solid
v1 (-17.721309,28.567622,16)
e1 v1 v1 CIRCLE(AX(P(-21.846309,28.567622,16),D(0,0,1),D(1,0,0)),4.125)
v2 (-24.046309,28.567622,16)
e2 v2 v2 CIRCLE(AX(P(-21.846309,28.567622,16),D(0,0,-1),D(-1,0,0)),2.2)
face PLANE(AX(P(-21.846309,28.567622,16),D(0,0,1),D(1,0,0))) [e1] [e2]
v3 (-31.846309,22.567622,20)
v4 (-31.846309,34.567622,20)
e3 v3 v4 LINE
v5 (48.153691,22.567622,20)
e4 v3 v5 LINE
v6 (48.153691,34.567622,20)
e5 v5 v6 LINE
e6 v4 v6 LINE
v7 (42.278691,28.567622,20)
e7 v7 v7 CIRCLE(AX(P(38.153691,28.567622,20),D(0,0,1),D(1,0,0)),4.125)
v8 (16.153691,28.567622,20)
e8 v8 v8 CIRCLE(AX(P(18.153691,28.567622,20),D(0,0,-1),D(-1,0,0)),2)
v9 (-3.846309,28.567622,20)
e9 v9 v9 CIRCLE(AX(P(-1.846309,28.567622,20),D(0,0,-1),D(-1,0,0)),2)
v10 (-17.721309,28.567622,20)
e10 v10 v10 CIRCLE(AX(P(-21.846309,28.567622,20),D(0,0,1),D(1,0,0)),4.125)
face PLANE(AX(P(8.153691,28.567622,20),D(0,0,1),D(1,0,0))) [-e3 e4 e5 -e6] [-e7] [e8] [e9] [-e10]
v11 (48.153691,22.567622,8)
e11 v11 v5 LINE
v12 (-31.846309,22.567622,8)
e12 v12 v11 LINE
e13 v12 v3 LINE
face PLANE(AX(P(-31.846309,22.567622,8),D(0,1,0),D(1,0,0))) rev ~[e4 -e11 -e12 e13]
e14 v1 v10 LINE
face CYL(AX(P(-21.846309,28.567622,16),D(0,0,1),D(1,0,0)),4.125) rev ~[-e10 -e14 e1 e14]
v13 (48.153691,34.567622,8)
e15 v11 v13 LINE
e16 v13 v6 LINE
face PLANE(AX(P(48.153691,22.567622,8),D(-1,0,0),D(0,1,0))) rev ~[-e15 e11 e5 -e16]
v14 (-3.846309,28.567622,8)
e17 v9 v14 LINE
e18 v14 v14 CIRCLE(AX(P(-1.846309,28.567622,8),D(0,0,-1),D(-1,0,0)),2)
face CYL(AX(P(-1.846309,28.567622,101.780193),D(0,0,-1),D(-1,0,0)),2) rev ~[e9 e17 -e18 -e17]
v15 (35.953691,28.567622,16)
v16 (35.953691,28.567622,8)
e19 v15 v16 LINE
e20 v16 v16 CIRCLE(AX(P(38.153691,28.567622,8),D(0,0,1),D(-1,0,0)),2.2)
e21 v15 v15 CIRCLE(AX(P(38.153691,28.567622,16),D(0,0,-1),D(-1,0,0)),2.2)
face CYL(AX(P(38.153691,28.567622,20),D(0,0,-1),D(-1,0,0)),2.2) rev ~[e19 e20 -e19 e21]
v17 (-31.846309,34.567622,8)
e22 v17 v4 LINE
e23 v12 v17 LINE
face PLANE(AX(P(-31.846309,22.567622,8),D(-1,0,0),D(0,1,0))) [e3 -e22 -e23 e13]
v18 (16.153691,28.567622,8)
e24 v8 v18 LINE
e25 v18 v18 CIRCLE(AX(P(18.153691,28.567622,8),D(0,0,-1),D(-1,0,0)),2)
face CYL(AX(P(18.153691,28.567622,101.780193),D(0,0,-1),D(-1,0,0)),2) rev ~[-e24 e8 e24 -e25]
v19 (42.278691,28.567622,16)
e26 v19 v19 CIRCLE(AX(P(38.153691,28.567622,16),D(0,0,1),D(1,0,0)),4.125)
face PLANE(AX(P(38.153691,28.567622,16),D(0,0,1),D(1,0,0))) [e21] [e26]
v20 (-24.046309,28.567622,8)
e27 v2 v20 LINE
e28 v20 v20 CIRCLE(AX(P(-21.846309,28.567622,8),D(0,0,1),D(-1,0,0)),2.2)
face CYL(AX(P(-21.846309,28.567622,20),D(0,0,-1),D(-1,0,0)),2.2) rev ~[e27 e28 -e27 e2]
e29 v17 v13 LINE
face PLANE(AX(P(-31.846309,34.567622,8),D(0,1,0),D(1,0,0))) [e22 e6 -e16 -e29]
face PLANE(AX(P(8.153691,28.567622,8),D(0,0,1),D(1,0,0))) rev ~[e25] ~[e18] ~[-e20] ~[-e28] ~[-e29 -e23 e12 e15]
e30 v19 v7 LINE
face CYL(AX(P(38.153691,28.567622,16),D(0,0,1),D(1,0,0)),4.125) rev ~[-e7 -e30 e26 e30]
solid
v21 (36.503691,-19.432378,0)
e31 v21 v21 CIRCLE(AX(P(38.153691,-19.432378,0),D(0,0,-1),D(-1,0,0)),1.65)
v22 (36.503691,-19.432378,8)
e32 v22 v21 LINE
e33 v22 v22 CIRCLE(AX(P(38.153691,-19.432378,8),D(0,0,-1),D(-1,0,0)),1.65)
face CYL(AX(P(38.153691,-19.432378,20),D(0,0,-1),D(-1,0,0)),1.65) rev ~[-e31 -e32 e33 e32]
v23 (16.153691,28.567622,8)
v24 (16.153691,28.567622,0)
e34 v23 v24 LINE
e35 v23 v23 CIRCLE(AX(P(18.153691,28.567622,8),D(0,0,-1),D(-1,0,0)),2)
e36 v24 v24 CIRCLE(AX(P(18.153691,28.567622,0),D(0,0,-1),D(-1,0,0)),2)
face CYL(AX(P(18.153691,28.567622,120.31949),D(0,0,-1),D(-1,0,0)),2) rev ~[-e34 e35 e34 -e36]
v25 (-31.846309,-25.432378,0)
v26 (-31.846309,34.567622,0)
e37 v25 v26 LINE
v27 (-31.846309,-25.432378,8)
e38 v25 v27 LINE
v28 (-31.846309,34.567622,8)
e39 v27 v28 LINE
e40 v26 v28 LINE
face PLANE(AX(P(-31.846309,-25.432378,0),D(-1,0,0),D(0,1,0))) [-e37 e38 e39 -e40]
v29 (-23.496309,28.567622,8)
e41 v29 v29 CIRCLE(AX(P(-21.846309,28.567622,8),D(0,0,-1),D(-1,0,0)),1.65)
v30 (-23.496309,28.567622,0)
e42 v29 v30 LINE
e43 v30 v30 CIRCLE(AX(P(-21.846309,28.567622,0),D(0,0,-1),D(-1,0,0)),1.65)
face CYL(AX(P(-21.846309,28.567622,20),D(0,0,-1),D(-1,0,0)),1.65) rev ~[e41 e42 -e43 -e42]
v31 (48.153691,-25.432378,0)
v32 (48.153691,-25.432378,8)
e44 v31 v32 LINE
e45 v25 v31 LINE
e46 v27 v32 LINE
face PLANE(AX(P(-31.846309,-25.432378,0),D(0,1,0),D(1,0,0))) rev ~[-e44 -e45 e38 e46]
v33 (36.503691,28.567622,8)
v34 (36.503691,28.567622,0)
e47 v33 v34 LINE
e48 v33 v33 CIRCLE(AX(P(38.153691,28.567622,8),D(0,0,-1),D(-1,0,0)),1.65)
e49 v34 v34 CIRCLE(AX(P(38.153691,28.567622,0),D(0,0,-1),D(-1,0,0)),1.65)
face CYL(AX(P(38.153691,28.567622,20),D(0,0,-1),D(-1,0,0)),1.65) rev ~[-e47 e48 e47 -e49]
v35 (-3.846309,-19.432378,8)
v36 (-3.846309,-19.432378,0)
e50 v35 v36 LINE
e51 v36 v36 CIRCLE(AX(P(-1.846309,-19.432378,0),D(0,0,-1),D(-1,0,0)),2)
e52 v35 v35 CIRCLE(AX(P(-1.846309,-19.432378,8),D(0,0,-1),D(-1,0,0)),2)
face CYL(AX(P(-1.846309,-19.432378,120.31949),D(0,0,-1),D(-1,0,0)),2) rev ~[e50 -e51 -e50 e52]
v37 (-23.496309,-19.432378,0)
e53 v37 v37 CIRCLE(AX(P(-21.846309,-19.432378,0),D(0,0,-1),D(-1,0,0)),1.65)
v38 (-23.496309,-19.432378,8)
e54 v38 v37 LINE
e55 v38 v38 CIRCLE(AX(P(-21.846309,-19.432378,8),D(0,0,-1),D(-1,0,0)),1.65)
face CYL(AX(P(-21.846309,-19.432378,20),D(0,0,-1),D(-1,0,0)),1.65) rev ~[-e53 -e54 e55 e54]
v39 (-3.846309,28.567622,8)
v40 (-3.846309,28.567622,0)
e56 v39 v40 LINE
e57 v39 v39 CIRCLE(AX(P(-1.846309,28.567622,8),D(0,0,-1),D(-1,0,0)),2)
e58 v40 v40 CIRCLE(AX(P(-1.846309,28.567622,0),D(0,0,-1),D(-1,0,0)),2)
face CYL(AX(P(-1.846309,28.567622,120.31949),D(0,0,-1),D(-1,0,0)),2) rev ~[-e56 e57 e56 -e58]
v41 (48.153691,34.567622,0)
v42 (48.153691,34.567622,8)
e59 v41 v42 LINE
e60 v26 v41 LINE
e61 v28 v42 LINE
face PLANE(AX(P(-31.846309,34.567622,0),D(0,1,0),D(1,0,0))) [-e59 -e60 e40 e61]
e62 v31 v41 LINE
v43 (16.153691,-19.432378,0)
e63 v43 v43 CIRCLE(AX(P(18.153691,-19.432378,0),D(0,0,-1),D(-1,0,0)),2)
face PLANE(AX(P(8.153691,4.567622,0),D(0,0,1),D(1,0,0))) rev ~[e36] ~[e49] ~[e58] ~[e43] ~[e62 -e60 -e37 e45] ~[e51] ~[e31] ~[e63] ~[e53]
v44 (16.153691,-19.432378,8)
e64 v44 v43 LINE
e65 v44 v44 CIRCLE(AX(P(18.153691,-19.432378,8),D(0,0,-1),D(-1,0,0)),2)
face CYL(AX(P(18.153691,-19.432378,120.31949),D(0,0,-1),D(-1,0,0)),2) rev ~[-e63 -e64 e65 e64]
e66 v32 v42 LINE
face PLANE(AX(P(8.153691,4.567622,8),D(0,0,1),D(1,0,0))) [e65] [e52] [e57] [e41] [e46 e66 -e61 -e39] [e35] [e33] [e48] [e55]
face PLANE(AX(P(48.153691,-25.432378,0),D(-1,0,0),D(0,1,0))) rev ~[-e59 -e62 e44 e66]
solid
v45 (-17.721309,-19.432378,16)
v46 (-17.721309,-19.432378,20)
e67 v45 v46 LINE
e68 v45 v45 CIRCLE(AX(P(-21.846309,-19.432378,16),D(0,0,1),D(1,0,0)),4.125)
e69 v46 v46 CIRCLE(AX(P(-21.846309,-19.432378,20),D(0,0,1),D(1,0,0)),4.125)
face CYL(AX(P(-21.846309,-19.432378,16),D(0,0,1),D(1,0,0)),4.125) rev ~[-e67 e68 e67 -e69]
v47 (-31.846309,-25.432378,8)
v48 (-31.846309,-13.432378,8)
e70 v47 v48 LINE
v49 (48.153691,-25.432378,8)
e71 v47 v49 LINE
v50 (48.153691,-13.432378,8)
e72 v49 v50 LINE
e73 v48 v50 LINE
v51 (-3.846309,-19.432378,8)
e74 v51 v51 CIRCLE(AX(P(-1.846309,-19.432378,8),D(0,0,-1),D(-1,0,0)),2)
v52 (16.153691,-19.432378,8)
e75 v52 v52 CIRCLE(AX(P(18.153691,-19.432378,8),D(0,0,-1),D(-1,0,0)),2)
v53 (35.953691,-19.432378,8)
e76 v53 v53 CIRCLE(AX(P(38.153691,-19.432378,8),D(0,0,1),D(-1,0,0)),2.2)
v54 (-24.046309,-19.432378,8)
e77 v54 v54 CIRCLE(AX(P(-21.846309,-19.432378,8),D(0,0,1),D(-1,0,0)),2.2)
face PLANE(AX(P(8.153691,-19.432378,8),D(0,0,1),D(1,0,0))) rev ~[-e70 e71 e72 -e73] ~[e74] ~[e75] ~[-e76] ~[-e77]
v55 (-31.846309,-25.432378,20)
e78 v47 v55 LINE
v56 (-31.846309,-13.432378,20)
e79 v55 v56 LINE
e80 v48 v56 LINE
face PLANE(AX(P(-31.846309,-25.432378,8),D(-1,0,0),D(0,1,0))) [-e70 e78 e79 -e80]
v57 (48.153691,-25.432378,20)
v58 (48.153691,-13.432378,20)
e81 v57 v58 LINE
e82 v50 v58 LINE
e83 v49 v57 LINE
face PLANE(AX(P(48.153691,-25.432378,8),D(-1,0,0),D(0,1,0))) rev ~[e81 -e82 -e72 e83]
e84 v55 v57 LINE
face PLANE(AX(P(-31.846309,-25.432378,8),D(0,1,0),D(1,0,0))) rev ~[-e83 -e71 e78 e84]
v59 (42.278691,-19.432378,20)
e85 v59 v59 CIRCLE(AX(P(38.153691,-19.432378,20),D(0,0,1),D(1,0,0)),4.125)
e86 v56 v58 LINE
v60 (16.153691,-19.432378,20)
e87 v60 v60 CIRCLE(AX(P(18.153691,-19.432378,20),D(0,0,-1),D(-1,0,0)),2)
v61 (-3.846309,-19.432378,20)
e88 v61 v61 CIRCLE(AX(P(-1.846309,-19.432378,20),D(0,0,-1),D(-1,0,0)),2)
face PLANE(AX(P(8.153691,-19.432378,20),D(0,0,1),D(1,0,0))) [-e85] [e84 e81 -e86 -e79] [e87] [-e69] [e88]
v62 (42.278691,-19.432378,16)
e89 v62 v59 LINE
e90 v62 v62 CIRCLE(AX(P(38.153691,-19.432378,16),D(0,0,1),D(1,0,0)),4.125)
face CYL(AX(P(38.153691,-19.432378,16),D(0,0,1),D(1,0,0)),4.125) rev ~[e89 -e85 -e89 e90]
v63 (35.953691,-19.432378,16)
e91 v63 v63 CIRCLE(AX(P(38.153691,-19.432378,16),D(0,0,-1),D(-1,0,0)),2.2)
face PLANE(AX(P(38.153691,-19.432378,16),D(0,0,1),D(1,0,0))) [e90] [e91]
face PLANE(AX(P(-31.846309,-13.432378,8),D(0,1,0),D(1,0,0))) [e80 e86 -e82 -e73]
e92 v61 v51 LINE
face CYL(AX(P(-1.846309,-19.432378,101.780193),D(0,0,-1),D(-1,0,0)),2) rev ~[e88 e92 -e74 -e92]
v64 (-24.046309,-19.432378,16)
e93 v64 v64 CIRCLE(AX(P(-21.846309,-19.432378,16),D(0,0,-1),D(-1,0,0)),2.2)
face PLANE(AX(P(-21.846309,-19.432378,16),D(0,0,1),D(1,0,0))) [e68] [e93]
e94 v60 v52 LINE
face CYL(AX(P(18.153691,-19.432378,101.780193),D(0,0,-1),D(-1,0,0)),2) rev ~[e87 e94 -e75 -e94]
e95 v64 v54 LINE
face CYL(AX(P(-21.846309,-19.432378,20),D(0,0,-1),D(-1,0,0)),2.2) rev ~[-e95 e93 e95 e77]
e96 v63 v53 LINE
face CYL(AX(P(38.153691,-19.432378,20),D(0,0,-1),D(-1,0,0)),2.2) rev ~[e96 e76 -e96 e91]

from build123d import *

# Parameters (mm, degrees)
F0_W             = 80
F0_H             = 60
F1_DEPTH         = 8
F2_W             = 80
F2_H             = 12
F3_DEPTH         = 12
F5_D             = 4.4
F5_DEPTH         = 12
F5_CBORE_D       = 8.25
F5_CBORE_DEPTH   = 4
F5_TIP           = 1.3218933619
F5_2_D           = 4.4
F5_2_DEPTH       = 12
F5_2_CBORE_D     = 8.25
F5_2_CBORE_DEPTH = 4
F5_2_TIP         = 1.3218933619
F7_D             = 4
F7_2_D           = 4
F7_3_D           = 4
F8_D             = 3.3
F8_CBORE_D       = 8.25
F8_CBORE_DEPTH   = 4


with BuildPart() as f1:
    # F0 (on Top) → F1 (new body)
    with BuildSketch(Plane.XY):
        with Locations((8.1536909938, 4.5676219463)):
            Rectangle(F0_W, F0_H)
    extrude(amount=F1_DEPTH)

    # F7 (through all)
    with Locations(Plane.XY.offset(20)):
        with Locations((-1.8463090062, 28.5676219463), (18.1536909938, 28.5676219463), (18.1536909938, -19.4323780537), (-1.8463090062, -19.4323780537)):
            Hole(F7_D / 2)

    # F8 (through all)
    with Locations(Plane.XY.offset(20)):
        with Locations((-21.8463090062, 28.5676219463), (38.1536909938, 28.5676219463), (38.1536909938, -19.4323780537), (-21.8463090062, -19.4323780537)):
            CounterBoreHole(F8_D / 2, F8_CBORE_D / 2, F8_CBORE_DEPTH)


with BuildPart() as f3:
    # F2 (on face) → F3 (new body)
    with BuildSketch(Plane.XY.offset(8)):
        with Locations((8.1536909938, 28.5676219463)):
            Rectangle(F2_W, F2_H)
    extrude(amount=F3_DEPTH)

    # F5
    with Locations(Plane.XY.offset(20)):
        with Locations((-21.8463090062, 28.5676219463), (38.1536909938, 28.5676219463), (38.1536909938, -19.4323780537), (-21.8463090062, -19.4323780537)):
            CounterBoreHole(F5_D / 2, F5_CBORE_D / 2, F5_CBORE_DEPTH, depth=F5_DEPTH)
            with Locations((0, 0, -(F5_DEPTH + F5_TIP / 2))):  # 118° drill point
                Cone(0, F5_D / 2, F5_TIP, mode=Mode.SUBTRACT)

    # F7#2 (through all)
    with Locations(Plane.XY.offset(20)):
        with Locations((-1.8463090062, 28.5676219463), (18.1536909938, 28.5676219463), (18.1536909938, -19.4323780537), (-1.8463090062, -19.4323780537)):
            Hole(F7_2_D / 2)


with BuildPart() as f3b:
    # F2 (on face) → F3, piece 2 (new body)
    with BuildSketch(Plane.XY.offset(8)):
        with Locations((8.1536909938, -19.4323780537)):
            Rectangle(F2_W, F2_H)
    extrude(amount=F3_DEPTH)

    # F5#2
    with Locations(Plane.XY.offset(20)):
        with Locations((-21.8463090062, 28.5676219463), (38.1536909938, 28.5676219463), (38.1536909938, -19.4323780537), (-21.8463090062, -19.4323780537)):
            CounterBoreHole(F5_2_D / 2, F5_2_CBORE_D / 2, F5_2_CBORE_DEPTH, depth=F5_2_DEPTH)
            with Locations((0, 0, -(F5_2_DEPTH + F5_2_TIP / 2))):  # 118° drill point
                Cone(0, F5_2_D / 2, F5_2_TIP, mode=Mode.SUBTRACT)

    # F7#3 (through all)
    with Locations(Plane.XY.offset(20)):
        with Locations((-1.8463090062, 28.5676219463), (18.1536909938, 28.5676219463), (18.1536909938, -19.4323780537), (-1.8463090062, -19.4323780537)):
            Hole(F7_3_D / 2)


solid = Compound([f1.part, f3.part, f3b.part])
